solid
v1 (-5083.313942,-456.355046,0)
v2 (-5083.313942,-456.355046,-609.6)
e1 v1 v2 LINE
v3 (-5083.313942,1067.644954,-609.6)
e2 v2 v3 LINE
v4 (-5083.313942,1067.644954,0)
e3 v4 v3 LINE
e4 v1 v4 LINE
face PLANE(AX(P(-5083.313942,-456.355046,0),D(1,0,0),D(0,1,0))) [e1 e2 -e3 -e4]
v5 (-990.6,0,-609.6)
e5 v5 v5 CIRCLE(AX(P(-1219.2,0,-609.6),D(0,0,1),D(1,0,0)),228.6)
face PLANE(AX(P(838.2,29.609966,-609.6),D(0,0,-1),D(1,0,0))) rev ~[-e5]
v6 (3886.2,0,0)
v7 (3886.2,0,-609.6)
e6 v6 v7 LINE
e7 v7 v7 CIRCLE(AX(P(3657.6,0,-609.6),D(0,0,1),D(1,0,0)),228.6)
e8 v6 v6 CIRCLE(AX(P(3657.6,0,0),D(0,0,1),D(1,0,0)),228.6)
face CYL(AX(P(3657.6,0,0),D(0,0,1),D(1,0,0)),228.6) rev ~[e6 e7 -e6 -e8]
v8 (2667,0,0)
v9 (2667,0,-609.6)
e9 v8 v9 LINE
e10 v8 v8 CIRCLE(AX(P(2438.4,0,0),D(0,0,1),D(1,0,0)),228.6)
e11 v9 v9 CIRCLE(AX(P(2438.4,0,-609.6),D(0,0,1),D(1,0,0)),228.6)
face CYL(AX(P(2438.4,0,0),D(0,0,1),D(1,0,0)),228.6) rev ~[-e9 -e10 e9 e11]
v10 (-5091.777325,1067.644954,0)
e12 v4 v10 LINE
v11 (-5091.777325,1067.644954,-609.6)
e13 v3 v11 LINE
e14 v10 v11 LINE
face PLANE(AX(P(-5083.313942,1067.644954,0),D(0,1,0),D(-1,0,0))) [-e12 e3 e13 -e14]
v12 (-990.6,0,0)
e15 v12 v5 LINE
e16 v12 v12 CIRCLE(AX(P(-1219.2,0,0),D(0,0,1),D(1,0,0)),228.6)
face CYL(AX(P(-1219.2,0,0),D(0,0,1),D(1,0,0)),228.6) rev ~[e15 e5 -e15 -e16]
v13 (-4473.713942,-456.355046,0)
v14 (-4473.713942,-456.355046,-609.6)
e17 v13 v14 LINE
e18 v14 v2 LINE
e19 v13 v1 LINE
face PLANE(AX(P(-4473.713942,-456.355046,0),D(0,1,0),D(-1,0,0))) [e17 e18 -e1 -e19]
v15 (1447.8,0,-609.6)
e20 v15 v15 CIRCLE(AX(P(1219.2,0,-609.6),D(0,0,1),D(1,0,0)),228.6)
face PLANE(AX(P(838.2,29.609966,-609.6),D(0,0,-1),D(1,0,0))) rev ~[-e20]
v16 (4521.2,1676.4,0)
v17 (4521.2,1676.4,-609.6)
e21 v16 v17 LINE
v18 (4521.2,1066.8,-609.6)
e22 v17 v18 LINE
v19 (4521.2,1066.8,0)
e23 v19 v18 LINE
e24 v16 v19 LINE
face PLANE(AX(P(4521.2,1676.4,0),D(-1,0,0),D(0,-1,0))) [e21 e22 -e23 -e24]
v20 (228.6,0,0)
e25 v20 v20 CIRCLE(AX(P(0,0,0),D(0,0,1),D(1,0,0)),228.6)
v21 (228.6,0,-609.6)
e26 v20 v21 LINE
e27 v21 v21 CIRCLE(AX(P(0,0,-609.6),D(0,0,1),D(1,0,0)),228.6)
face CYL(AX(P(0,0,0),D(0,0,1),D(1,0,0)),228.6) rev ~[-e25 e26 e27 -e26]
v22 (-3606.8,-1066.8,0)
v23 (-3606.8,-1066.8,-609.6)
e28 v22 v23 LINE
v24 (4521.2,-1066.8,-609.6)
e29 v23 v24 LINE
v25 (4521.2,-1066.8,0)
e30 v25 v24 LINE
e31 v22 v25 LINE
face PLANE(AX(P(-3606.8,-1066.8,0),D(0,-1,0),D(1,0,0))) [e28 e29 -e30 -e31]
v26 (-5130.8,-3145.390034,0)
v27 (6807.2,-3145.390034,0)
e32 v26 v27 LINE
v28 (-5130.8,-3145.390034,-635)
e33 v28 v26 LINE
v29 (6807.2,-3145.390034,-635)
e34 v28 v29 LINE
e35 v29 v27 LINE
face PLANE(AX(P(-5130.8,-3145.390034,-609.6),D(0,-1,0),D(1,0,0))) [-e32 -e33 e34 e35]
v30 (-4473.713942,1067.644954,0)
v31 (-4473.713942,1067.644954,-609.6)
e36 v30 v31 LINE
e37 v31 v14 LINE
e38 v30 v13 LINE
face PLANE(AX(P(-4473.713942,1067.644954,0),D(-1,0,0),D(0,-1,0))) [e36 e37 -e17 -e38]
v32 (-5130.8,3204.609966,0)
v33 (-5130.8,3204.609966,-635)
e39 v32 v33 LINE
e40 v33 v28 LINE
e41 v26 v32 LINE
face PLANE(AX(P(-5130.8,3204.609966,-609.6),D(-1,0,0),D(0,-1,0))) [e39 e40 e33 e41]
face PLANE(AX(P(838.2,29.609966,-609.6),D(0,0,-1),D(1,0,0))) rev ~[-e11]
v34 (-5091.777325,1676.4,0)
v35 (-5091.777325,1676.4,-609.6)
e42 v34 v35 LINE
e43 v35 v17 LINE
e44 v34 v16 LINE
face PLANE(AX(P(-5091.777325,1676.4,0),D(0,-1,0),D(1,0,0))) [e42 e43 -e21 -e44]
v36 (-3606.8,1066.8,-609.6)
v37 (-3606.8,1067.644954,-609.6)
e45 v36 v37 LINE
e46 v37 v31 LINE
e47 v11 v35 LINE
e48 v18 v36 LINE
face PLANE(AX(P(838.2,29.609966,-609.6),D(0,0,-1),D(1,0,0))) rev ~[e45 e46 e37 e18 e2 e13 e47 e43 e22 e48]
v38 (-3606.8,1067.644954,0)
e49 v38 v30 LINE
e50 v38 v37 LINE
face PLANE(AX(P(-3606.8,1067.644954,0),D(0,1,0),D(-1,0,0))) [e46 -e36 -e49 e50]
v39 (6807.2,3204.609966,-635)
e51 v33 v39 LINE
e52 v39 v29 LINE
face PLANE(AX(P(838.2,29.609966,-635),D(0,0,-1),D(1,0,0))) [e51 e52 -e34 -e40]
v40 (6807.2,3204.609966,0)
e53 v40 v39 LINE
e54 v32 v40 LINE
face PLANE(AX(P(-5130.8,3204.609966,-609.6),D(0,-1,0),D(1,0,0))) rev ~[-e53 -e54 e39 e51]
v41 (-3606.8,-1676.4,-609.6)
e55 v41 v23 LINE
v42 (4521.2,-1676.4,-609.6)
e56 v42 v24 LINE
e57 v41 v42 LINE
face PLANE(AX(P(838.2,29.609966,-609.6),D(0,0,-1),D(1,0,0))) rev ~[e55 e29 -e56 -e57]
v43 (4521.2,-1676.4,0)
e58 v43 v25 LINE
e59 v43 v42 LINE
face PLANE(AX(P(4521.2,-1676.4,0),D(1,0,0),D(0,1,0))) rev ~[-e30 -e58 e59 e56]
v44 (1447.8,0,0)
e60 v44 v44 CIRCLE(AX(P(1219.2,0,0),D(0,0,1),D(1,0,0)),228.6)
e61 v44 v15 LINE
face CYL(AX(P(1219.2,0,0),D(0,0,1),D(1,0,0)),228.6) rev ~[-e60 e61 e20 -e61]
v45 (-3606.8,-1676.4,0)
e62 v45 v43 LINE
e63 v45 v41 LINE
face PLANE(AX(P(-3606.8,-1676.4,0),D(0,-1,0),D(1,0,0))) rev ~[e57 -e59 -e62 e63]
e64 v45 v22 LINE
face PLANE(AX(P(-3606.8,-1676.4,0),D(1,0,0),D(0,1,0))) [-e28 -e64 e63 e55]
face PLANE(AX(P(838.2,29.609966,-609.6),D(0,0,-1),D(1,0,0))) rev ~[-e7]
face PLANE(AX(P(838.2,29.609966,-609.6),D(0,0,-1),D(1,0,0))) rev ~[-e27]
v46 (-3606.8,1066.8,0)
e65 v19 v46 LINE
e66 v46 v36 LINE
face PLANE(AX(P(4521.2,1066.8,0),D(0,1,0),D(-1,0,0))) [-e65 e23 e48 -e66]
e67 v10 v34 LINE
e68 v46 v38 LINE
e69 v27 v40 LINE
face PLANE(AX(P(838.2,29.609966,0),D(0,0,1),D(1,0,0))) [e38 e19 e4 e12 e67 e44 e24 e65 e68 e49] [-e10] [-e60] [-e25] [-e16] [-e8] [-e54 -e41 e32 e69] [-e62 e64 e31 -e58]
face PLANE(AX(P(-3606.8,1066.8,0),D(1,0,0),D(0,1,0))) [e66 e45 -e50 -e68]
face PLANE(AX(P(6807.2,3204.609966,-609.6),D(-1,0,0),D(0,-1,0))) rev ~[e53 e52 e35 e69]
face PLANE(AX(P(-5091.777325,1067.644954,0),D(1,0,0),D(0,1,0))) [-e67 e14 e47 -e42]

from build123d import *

# Parameters (mm, degrees)
F0_W     = 11938
F0_H     = 6350
F0_W_2   = 8128
F0_H_2   = 609.6
F1_DEPTH = 609.6
F2_R     = 228.6
F3_DEPTH = 609.601
F4_W     = 11938
F4_H     = 6350
F5_DEPTH = 25.4


with BuildPart() as f1:
    # F0 (on Top) → F1 (new body)
    with BuildSketch(Plane.XY):
        with Locations((838.2, 29.609966)):
            Rectangle(F0_W, F0_H)
        with Locations((457.2, -1371.6)):
            Rectangle(F0_W_2, F0_H_2, mode=Mode.SUBTRACT)
        Polygon((4521.2, 1066.8), (-3606.8, 1066.8), (-3606.8, 1067.644954), (-4473.713942, 1067.644954), (-4473.713942, -456.355046), (-5083.313942, -456.355046), (-5083.313942, 1067.644954), (-5091.777325, 1067.644954), (-5091.777325, 1676.4), (-3606.8, 1676.4), (4521.2, 1676.4), align=None, mode=Mode.SUBTRACT)
    extrude(amount=-F1_DEPTH)

    # F2 (on face) → F3 (cut, through all)
    with BuildSketch(Plane.XY):
        Circle(F2_R)
        with Locations((-1219.2, 0)):
            Circle(F2_R)
        with Locations((1219.2, 0)):
            Circle(F2_R)
        with Locations((2438.4, 0)):
            Circle(F2_R)
        with Locations((3657.6, 0)):
            Circle(F2_R)
    extrude(amount=-F3_DEPTH, mode=Mode.SUBTRACT)

    # F4 (on face) → F5 (join)
    with BuildSketch(Plane(origin=(0, 0, -609.6), x_dir=(1, 0, 0), z_dir=(0, 0, -1))):
        with Locations((838.2, -29.609966)):
            Rectangle(F4_W, F4_H)
    extrude(amount=F5_DEPTH)


solid = f1.part
